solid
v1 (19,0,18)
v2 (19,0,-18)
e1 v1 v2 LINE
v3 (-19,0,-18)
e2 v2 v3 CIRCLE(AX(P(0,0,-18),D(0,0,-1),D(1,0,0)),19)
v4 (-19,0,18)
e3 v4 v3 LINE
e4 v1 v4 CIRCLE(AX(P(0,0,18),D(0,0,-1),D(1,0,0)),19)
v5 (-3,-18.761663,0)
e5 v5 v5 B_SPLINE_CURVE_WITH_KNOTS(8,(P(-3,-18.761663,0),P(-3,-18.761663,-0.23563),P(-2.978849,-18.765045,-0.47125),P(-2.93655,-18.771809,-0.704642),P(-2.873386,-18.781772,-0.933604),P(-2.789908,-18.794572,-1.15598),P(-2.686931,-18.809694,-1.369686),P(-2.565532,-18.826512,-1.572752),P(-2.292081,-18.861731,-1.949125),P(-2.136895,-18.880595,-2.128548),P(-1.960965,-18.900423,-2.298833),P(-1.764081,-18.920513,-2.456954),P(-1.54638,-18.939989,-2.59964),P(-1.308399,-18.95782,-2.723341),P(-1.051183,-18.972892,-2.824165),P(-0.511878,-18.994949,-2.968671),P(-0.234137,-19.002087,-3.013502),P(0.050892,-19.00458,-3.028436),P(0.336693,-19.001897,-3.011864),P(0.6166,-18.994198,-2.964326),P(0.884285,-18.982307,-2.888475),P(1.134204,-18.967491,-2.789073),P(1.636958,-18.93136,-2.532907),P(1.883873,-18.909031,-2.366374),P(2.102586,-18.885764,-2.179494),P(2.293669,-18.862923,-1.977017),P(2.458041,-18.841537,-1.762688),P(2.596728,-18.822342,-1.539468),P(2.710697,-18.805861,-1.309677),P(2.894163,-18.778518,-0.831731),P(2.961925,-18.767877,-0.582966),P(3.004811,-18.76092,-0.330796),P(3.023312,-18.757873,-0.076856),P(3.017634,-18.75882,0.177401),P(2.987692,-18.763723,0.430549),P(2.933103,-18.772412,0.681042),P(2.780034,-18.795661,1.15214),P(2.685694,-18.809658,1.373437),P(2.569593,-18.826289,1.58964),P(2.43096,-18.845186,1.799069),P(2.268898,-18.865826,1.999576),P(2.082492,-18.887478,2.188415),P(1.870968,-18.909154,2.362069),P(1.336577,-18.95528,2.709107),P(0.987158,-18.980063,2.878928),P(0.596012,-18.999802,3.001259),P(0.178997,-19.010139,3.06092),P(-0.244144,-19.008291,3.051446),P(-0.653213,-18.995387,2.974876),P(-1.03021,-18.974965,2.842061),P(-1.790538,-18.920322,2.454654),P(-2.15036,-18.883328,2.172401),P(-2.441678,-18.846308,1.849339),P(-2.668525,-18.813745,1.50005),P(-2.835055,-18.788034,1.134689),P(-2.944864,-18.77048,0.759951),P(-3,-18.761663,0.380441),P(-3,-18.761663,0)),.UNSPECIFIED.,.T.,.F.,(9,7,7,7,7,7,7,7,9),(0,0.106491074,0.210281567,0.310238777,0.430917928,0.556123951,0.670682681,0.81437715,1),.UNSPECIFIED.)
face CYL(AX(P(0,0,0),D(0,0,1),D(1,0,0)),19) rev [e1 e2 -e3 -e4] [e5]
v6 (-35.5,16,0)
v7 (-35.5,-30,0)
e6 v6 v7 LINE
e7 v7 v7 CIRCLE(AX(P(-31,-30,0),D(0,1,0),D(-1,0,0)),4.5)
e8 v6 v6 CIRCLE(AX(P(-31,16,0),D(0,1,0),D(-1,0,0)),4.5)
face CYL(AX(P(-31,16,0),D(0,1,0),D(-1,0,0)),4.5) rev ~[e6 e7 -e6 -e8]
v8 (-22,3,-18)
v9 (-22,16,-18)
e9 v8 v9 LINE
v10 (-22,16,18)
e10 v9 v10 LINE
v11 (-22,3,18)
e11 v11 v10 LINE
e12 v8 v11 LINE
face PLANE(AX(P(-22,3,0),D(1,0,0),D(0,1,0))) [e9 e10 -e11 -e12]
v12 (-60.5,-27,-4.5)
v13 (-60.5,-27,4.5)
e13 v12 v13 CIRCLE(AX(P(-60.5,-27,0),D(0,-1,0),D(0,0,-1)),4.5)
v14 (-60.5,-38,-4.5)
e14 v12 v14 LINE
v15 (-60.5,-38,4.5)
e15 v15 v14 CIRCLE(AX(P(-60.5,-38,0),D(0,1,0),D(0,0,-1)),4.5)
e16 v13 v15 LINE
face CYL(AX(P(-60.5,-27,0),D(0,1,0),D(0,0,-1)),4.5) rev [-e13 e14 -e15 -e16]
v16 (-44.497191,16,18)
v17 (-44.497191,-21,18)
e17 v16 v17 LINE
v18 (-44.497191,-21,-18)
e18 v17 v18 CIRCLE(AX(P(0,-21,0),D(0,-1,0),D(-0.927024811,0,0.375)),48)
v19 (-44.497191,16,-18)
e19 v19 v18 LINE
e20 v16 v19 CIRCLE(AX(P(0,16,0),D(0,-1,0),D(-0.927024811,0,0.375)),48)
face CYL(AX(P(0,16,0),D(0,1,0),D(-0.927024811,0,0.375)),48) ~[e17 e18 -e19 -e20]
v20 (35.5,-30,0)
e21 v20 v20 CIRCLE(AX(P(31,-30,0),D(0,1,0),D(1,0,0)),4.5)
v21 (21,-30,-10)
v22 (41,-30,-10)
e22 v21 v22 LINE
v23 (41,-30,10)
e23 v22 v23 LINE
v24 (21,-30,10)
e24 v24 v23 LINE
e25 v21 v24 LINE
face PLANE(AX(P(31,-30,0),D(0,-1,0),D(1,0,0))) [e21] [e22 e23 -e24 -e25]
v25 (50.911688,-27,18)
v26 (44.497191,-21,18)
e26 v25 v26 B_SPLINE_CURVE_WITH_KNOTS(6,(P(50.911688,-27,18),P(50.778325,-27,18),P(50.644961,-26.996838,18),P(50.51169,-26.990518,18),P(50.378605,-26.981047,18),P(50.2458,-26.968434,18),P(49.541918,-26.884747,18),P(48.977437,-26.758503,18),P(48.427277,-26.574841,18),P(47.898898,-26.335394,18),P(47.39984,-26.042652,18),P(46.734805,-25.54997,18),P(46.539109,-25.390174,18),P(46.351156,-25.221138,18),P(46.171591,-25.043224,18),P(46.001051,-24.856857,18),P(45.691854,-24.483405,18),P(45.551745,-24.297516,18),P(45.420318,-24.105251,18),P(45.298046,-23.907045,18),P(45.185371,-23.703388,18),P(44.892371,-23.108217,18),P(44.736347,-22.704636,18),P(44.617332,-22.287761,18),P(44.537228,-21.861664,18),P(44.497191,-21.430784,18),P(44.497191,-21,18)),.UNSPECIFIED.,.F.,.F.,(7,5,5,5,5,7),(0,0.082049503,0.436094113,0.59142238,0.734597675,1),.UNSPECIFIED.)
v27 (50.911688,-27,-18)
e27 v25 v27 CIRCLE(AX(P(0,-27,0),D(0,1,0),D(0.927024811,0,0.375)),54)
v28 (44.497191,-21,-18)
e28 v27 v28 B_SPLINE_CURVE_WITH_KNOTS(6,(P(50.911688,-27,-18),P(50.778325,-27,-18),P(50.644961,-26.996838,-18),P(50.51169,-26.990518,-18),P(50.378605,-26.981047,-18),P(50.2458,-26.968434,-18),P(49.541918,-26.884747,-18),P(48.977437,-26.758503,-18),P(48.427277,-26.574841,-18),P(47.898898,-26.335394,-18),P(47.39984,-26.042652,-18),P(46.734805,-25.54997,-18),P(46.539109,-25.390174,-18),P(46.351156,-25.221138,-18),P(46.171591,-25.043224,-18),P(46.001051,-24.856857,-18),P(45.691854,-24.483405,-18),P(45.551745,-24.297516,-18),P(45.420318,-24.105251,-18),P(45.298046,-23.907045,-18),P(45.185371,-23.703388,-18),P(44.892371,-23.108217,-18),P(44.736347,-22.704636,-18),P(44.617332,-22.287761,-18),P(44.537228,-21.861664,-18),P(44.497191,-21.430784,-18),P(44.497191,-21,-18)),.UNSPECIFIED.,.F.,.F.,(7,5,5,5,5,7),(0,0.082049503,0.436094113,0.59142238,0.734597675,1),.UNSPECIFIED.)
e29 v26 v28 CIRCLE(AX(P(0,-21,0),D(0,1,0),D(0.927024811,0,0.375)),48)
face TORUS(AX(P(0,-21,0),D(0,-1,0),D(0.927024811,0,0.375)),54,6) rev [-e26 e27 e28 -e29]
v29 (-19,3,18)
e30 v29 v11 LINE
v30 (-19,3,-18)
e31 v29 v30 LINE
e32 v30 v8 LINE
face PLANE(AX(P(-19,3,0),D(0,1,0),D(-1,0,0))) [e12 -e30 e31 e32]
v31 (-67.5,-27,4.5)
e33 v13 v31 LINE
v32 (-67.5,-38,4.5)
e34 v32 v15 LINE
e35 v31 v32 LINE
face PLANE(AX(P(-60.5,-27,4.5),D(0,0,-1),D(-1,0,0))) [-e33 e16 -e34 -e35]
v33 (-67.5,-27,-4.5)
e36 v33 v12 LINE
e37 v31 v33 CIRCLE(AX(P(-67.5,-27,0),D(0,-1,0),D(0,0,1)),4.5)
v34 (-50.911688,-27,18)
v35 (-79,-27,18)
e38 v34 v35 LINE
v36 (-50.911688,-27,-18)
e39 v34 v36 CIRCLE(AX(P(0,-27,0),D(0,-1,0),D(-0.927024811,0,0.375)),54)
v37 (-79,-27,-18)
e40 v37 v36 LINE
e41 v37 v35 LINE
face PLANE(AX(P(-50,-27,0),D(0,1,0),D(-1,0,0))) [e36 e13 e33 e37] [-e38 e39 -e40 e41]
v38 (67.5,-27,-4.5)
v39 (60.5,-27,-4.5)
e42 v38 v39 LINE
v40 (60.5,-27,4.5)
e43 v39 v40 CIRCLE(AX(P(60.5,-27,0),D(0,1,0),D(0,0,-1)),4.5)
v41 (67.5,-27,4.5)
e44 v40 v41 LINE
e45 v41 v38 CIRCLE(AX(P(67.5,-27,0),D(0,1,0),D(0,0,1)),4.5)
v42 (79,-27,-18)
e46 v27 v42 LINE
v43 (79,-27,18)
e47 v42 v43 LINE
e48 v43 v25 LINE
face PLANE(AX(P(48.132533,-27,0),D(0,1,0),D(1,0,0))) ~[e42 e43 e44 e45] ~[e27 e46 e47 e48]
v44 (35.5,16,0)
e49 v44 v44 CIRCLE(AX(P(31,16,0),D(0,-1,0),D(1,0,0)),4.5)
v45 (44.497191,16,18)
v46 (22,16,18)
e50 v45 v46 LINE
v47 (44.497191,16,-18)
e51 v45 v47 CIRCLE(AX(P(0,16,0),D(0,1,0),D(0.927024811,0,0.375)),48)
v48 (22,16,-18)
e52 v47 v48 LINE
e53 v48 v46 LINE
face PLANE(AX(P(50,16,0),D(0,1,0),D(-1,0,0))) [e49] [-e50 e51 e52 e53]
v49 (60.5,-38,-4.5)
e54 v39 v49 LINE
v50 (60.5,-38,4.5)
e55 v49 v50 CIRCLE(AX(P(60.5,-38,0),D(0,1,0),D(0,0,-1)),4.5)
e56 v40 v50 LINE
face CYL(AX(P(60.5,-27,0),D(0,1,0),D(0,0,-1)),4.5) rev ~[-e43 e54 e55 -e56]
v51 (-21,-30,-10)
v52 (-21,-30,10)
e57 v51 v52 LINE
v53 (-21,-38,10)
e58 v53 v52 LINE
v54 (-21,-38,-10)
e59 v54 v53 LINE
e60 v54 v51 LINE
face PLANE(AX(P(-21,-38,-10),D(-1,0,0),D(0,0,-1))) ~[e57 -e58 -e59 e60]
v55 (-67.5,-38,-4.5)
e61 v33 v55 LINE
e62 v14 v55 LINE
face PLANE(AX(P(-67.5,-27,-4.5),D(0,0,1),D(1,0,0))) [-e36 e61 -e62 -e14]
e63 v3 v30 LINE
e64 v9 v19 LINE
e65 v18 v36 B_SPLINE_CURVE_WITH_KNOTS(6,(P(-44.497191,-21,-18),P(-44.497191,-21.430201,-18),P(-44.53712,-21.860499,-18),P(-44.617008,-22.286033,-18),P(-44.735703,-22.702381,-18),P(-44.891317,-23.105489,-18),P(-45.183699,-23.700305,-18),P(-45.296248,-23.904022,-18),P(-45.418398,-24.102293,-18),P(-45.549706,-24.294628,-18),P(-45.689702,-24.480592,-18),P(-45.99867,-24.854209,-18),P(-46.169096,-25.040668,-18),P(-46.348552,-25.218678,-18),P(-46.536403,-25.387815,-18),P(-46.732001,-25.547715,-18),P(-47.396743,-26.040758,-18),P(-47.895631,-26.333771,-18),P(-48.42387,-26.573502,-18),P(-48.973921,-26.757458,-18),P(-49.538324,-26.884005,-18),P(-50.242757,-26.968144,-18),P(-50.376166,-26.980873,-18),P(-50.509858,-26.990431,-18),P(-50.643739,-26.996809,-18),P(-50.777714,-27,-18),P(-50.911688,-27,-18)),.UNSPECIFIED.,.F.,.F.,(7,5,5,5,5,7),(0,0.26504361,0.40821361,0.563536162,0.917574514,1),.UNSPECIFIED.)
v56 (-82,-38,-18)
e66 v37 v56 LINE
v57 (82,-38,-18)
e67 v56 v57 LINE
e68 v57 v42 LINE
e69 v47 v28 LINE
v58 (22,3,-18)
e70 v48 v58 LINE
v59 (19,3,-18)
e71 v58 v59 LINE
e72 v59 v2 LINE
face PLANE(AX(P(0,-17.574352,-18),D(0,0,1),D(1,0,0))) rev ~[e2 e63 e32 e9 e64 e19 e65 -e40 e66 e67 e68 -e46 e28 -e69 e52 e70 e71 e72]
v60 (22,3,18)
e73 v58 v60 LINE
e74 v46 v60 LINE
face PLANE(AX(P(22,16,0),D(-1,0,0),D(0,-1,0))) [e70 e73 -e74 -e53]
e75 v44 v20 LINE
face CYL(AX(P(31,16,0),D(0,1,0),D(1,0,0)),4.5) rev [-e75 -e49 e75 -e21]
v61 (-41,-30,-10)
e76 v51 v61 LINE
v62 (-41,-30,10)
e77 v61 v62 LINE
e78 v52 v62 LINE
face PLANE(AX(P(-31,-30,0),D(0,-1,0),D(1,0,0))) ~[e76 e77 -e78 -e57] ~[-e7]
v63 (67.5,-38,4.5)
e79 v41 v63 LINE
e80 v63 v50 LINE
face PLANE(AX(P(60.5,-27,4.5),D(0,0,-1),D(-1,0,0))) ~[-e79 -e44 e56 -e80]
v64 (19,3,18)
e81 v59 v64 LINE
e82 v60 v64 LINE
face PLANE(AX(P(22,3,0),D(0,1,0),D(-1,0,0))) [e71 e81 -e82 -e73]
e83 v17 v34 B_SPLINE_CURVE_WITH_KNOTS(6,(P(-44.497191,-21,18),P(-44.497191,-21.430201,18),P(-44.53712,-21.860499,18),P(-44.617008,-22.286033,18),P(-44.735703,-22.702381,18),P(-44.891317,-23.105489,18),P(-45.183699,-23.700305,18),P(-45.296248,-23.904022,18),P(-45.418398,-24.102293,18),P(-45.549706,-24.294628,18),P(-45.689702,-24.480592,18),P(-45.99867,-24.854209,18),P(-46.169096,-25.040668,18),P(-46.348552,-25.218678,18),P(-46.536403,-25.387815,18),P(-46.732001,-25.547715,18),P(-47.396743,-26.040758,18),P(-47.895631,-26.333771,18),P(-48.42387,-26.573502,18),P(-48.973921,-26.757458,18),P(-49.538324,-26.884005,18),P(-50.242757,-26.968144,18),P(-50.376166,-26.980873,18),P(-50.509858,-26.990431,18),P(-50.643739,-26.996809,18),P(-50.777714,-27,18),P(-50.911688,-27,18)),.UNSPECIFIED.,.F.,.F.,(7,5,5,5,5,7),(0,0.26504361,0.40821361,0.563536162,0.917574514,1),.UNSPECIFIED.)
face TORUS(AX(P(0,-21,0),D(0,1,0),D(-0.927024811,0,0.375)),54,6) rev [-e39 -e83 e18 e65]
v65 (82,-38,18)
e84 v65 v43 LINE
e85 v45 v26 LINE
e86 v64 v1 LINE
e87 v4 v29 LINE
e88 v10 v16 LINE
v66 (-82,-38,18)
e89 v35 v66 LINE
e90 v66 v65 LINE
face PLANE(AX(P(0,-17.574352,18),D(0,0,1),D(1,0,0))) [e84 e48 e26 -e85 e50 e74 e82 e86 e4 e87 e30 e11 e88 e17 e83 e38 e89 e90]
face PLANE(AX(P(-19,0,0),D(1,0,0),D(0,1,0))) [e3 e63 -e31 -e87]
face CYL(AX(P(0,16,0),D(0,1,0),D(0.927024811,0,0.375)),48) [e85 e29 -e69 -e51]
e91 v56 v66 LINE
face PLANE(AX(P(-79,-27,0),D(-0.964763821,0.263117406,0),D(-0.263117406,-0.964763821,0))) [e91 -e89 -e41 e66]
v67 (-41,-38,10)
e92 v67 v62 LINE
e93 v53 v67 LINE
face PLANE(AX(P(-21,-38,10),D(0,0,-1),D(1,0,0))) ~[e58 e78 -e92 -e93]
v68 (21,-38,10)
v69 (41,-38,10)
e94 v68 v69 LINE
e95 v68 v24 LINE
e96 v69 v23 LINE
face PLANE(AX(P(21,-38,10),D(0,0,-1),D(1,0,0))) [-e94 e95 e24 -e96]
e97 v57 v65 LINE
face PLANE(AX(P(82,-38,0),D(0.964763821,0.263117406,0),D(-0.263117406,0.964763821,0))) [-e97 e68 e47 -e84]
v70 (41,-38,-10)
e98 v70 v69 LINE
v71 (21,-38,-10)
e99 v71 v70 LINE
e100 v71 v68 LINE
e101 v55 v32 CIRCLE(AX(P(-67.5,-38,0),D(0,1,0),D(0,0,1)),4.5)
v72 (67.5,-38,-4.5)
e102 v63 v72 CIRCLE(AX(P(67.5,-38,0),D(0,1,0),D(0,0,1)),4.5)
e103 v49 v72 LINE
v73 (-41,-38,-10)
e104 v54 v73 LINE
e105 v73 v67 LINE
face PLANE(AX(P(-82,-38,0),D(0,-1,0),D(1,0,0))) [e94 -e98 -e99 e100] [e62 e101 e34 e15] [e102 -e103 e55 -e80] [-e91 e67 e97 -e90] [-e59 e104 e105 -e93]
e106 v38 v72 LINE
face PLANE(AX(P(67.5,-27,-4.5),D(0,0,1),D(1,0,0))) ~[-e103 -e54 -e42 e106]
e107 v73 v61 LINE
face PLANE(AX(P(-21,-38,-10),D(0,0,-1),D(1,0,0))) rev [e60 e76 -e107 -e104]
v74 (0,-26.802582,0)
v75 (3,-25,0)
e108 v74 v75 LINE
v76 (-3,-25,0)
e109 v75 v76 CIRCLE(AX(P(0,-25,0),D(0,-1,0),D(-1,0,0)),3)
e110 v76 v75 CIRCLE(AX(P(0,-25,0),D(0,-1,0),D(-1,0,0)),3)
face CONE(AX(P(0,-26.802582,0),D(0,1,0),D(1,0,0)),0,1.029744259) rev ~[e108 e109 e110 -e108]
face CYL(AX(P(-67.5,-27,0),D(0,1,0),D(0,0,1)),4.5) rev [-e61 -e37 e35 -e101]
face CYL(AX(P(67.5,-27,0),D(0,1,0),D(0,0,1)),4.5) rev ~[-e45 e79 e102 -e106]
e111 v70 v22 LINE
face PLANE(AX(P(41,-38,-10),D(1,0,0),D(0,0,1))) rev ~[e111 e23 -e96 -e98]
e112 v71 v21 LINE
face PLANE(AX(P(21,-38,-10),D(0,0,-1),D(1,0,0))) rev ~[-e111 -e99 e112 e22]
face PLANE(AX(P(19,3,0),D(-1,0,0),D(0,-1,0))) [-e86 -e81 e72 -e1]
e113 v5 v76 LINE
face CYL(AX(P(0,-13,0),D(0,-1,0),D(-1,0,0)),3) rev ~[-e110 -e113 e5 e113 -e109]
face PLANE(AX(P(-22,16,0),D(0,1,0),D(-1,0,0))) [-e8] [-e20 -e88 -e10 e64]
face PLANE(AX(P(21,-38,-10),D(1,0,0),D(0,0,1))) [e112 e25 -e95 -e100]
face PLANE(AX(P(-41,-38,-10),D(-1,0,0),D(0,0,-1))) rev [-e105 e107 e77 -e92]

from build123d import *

# Parameters (mm, degrees)
BOSS_EXTRUDE1_DEPTH       = 18
CUT_EXTRUDE1_DEPTH        = 43
CUT_EXTRUDE2_DEPTH        = 12
SKETCH4_R                 = 4.5
CUT_EXTRUDE3_DEPTH        = 55
FILLET1_R                 = 6
SKETCH7_W                 = 20
SKETCH7_H                 = 20
CUT_EXTRUDE4_DEPTH        = 8
F_6_0MM_DOWEL_HOLE2_D     = 6
F_6_0MM_DOWEL_HOLE2_DEPTH = 6
F_6_0MM_DOWEL_HOLE2_TIP   = 1.802581857


with BuildPart() as part:
    # Sketch1 → Boss-Extrude1 (new body, symmetric)
    with BuildSketch(Plane.XY):
        with BuildLine():
            Line((-19, 3), (-22, 3))
            Line((-22, 3), (-22, 16))
            Line((-22, 16), (-50, 16))
            Line((-50, 16), (-50, -27))
            Line((-50, -27), (-79, -27))
            Line((-79, -27), (-82, -38))
            Line((-82, -38), (82, -38))
            Line((82, -38), (79, -27))
            Line((79, -27), (50, -27))
            Line((50, -27), (50, 16))
            Line((50, 16), (22, 16))
            Line((22, 16), (22, 3))
            Line((22, 3), (19, 3))
            Line((19, 3), (19, 0))
            ThreePointArc((19, 0), (0, -19), (-19, 0))
            Line((-19, 0), (-19, 3))
        make_face()
    extrude(amount=BOSS_EXTRUDE1_DEPTH, both=True)

    # Sketch2 → Cut-Extrude1 (cut)
    with BuildSketch(Plane(origin=(0, 16, 0), x_dir=(1, 0, 0), z_dir=(0, 1, 0))):
        with BuildLine():
            Line((-44.497190923, 18), (-50, 18))
            Line((-50, 18), (-50, -18))
            Line((-50, -18), (-44.497190923, -18))
            ThreePointArc((-44.497190923, -18), (-48, 0), (-44.497190923, 18))
        make_face()
    cut_extrude1 = extrude(amount=-CUT_EXTRUDE1_DEPTH, mode=Mode.SUBTRACT)

    # Mirror1: Cut-Extrude1 across plane
    add(cut_extrude1.mirror(Plane(origin=(0, 0, 0), x_dir=(0, 0, 1), z_dir=(1, 0, 0))), mode=Mode.SUBTRACT)

    # Sketch3 → Cut-Extrude2 (cut, through all)
    with BuildSketch(Plane(origin=(0, -27, 0), x_dir=(1, 0, 0), z_dir=(0, 1, 0))):
        with BuildLine():
            Line((-67.5, 4.5), (-60.5, 4.5))
            ThreePointArc((-60.5, 4.5), (-56, 0), (-60.5, -4.5))
            Line((-60.5, -4.5), (-67.5, -4.5))
            ThreePointArc((-67.5, -4.5), (-72, 0), (-67.5, 4.5))
        make_face()
    cut_extrude2 = extrude(amount=-CUT_EXTRUDE2_DEPTH, mode=Mode.SUBTRACT)

    # Mirror2: Cut-Extrude2 across plane
    add(cut_extrude2.mirror(Plane(origin=(0, 0, 0), x_dir=(0, 0, 1), z_dir=(1, 0, 0))), mode=Mode.SUBTRACT)

    # Sketch4 → Cut-Extrude3 (cut, through all)
    with BuildSketch(Plane(origin=(0, 16, 0), x_dir=(1, 0, 0), z_dir=(0, 1, 0))):
        with Locations(Location((-31, 0, 0), (0, 0, 180))):  # turned: the seam where the file's is
            Circle(SKETCH4_R)
    cut_extrude3 = extrude(amount=-CUT_EXTRUDE3_DEPTH, mode=Mode.SUBTRACT)

    # Mirror3: Cut-Extrude3 across plane
    add(cut_extrude3.mirror(Plane(origin=(0, 0, 0), x_dir=(0, 0, 1), z_dir=(1, 0, 0))), mode=Mode.SUBTRACT)

    # Fillet1
    fillet1_edges = [part.edges().sort_by_distance(p)[0] for p in [
        (-48, -27, 0),
        (48, -27, 0),
    ]]
    fillet(fillet1_edges, radius=FILLET1_R)

    # Sketch7 → Cut-Extrude4 (cut)
    with BuildSketch(Plane.XZ.offset(38)):
        with Locations((31, 0)):
            Rectangle(SKETCH7_W, SKETCH7_H)
    cut_extrude4 = extrude(amount=-CUT_EXTRUDE4_DEPTH, mode=Mode.SUBTRACT)

    # Mirror4: Cut-Extrude4 across plane
    add(cut_extrude4.mirror(Plane(origin=(0, 0, 0), x_dir=(0, 0, 1), z_dir=(1, 0, 0))), mode=Mode.SUBTRACT)

    # Ø6.0mm Dowel Hole2
    with Locations(Plane(origin=(0, -19, 0), x_dir=(1, 0, 0), z_dir=(0, 1, 0))):
        with Locations((0, 0)):
            Hole(F_6_0MM_DOWEL_HOLE2_D / 2, depth=F_6_0MM_DOWEL_HOLE2_DEPTH)
            with Locations((0, 0, -(F_6_0MM_DOWEL_HOLE2_DEPTH + F_6_0MM_DOWEL_HOLE2_TIP / 2))):  # 118° drill point
                Cone(0, F_6_0MM_DOWEL_HOLE2_D / 2, F_6_0MM_DOWEL_HOLE2_TIP, mode=Mode.SUBTRACT)


solid = part.part
